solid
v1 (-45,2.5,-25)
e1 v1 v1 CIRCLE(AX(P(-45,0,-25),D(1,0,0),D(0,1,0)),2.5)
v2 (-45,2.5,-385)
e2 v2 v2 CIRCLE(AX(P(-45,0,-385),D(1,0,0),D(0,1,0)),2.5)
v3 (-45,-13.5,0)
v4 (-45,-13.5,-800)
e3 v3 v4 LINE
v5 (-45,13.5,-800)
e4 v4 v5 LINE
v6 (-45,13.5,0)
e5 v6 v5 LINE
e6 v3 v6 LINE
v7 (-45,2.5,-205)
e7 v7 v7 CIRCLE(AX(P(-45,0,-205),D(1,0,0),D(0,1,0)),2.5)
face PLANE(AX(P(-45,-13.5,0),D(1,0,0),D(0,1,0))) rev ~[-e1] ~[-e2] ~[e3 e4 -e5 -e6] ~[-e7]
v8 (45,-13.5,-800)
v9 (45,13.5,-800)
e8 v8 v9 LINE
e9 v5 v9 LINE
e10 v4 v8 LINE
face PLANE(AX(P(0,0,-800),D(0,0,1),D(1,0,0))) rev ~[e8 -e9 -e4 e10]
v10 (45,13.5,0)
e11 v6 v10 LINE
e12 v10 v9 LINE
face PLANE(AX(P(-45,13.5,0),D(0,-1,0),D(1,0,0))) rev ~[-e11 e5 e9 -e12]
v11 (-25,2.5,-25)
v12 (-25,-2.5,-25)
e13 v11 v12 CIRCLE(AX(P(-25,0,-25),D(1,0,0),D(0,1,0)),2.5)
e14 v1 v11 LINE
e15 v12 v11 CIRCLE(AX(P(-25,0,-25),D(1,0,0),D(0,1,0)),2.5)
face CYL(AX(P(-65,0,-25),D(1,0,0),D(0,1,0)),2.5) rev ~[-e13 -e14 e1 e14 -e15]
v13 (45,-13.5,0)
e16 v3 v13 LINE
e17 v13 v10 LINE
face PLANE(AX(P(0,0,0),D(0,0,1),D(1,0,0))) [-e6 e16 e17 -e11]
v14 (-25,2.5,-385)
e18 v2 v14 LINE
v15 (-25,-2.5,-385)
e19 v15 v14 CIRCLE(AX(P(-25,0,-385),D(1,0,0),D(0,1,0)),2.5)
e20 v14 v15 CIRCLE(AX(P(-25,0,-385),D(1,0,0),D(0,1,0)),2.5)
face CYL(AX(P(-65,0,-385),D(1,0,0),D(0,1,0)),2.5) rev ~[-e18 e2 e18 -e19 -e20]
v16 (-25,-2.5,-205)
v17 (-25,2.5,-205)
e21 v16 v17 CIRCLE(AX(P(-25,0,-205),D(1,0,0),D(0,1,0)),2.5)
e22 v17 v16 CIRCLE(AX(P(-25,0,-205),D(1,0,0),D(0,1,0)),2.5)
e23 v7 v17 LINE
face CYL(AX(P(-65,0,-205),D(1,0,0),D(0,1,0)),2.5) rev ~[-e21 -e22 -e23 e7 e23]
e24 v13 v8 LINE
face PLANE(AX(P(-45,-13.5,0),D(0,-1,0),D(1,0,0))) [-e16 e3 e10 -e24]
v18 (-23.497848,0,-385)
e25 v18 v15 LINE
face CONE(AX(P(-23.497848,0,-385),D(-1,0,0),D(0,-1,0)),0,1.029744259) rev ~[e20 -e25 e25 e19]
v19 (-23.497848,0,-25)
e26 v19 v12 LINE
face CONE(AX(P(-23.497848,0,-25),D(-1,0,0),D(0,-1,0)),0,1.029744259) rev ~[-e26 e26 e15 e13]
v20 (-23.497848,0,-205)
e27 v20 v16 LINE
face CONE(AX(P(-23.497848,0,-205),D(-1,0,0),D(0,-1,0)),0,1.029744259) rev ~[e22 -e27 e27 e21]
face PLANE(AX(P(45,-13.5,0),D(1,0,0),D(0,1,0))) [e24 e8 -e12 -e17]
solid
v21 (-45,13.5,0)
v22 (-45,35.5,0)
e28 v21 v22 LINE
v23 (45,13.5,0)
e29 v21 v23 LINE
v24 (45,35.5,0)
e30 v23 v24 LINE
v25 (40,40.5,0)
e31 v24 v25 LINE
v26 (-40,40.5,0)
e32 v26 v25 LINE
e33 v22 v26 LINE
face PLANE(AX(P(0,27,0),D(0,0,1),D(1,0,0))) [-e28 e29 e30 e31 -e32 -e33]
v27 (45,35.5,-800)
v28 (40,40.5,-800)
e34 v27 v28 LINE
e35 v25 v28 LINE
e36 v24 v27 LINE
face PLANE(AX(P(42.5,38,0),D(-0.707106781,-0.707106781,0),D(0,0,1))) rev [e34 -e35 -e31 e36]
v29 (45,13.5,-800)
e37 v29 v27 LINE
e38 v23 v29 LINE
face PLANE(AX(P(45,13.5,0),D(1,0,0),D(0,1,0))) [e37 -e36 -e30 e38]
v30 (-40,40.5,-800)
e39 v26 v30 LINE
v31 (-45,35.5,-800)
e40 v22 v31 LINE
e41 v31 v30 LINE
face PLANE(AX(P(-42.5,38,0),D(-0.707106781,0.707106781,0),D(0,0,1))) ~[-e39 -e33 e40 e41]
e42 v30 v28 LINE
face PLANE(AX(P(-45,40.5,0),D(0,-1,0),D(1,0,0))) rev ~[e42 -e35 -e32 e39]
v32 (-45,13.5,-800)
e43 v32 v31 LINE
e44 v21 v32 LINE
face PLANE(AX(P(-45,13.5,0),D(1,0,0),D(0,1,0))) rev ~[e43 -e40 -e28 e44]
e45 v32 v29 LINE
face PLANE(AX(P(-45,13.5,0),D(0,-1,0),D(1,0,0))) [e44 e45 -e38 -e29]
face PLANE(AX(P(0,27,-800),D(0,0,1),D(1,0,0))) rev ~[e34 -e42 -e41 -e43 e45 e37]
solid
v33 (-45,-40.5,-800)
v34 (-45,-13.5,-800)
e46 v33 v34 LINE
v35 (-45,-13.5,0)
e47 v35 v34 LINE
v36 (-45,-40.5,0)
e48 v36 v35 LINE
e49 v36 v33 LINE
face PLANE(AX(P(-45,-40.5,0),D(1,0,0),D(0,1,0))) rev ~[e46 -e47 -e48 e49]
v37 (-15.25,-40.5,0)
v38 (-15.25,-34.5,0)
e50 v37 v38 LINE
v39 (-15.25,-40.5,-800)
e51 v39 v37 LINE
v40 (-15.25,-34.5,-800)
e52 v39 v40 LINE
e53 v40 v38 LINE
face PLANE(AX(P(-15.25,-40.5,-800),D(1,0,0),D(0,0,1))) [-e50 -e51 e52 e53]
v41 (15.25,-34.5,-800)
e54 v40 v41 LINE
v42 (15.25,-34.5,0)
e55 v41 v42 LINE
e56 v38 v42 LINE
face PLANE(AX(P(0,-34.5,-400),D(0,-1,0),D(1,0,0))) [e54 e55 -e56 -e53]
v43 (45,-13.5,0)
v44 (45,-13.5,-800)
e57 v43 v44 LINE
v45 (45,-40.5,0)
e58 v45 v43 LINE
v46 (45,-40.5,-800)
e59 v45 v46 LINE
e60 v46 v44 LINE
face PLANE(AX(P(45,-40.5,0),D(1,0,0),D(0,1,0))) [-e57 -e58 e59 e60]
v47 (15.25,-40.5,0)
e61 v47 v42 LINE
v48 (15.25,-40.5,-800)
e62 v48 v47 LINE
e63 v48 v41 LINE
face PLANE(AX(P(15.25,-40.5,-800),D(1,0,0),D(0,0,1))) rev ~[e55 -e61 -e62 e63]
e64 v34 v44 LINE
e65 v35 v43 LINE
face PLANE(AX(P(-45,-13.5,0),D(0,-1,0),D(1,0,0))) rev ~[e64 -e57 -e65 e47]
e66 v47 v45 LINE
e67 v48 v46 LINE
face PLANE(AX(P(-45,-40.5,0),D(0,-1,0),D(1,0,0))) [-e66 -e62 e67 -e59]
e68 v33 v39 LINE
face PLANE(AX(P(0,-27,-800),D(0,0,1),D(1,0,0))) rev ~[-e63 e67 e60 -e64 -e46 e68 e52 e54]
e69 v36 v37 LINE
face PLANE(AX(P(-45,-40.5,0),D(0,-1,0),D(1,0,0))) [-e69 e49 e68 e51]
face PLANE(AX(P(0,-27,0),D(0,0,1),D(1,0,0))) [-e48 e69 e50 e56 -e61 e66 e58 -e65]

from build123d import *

# Parameters (mm, degrees)
F0_W     = 90
F0_H     = 27
F1_DEPTH = 800
F2_W     = 90
F2_H     = 27
F3_DEPTH = 800
F4_W     = 30.5
F4_H     = 800
F5_DEPTH = 6
F7_D     = 5
F7_DEPTH = 20
F7_TIP   = 1.5021515476
F8_SIZE  = 5


with BuildPart() as f1:
    # F0 (on Top) → F1 (new body)
    with BuildSketch(Plane.XY):
        Rectangle(F0_W, F0_H)
    extrude(amount=-F1_DEPTH)

    # F7
    with Locations(Plane(origin=(-45, 0, 0), x_dir=(0, -1, 0), z_dir=(-1, 0, 0))):
        with Locations((0, -25), (0, -205), (0, -385)):
            Hole(F7_D / 2, depth=F7_DEPTH)
            with Locations((0, 0, -(F7_DEPTH + F7_TIP / 2))):  # 118° drill point
                Cone(0, F7_D / 2, F7_TIP, mode=Mode.SUBTRACT)


with BuildPart() as f3:
    # F2 (on Top) → F3 (new body)
    with BuildSketch(Plane.XY):
        with Locations((0, 27)):
            Rectangle(F2_W, F2_H)
    extrude(amount=-F3_DEPTH)

    # F8
    f8_edges = [f3.edges().sort_by_distance(p)[0] for p in [
        (45, 40.5, -400),
        (-45, 40.5, -400),
    ]]
    chamfer(f8_edges, length=F8_SIZE)


with BuildPart() as f3b:
    # F2 (on Top) → F3, piece 2 (new body)
    with BuildSketch(Plane.XY):
        with Locations((0, -27)):
            Rectangle(F2_W, F2_H)
    extrude(amount=-F3_DEPTH)

    # F4 (on face) → F5 (cut)
    with BuildSketch(Plane.XZ.offset(40.5)):
        with Locations((0, -400)):
            Rectangle(F4_W, F4_H)
    extrude(amount=-F5_DEPTH, mode=Mode.SUBTRACT)


solid = Compound([f1.part, f3.part, f3b.part])
